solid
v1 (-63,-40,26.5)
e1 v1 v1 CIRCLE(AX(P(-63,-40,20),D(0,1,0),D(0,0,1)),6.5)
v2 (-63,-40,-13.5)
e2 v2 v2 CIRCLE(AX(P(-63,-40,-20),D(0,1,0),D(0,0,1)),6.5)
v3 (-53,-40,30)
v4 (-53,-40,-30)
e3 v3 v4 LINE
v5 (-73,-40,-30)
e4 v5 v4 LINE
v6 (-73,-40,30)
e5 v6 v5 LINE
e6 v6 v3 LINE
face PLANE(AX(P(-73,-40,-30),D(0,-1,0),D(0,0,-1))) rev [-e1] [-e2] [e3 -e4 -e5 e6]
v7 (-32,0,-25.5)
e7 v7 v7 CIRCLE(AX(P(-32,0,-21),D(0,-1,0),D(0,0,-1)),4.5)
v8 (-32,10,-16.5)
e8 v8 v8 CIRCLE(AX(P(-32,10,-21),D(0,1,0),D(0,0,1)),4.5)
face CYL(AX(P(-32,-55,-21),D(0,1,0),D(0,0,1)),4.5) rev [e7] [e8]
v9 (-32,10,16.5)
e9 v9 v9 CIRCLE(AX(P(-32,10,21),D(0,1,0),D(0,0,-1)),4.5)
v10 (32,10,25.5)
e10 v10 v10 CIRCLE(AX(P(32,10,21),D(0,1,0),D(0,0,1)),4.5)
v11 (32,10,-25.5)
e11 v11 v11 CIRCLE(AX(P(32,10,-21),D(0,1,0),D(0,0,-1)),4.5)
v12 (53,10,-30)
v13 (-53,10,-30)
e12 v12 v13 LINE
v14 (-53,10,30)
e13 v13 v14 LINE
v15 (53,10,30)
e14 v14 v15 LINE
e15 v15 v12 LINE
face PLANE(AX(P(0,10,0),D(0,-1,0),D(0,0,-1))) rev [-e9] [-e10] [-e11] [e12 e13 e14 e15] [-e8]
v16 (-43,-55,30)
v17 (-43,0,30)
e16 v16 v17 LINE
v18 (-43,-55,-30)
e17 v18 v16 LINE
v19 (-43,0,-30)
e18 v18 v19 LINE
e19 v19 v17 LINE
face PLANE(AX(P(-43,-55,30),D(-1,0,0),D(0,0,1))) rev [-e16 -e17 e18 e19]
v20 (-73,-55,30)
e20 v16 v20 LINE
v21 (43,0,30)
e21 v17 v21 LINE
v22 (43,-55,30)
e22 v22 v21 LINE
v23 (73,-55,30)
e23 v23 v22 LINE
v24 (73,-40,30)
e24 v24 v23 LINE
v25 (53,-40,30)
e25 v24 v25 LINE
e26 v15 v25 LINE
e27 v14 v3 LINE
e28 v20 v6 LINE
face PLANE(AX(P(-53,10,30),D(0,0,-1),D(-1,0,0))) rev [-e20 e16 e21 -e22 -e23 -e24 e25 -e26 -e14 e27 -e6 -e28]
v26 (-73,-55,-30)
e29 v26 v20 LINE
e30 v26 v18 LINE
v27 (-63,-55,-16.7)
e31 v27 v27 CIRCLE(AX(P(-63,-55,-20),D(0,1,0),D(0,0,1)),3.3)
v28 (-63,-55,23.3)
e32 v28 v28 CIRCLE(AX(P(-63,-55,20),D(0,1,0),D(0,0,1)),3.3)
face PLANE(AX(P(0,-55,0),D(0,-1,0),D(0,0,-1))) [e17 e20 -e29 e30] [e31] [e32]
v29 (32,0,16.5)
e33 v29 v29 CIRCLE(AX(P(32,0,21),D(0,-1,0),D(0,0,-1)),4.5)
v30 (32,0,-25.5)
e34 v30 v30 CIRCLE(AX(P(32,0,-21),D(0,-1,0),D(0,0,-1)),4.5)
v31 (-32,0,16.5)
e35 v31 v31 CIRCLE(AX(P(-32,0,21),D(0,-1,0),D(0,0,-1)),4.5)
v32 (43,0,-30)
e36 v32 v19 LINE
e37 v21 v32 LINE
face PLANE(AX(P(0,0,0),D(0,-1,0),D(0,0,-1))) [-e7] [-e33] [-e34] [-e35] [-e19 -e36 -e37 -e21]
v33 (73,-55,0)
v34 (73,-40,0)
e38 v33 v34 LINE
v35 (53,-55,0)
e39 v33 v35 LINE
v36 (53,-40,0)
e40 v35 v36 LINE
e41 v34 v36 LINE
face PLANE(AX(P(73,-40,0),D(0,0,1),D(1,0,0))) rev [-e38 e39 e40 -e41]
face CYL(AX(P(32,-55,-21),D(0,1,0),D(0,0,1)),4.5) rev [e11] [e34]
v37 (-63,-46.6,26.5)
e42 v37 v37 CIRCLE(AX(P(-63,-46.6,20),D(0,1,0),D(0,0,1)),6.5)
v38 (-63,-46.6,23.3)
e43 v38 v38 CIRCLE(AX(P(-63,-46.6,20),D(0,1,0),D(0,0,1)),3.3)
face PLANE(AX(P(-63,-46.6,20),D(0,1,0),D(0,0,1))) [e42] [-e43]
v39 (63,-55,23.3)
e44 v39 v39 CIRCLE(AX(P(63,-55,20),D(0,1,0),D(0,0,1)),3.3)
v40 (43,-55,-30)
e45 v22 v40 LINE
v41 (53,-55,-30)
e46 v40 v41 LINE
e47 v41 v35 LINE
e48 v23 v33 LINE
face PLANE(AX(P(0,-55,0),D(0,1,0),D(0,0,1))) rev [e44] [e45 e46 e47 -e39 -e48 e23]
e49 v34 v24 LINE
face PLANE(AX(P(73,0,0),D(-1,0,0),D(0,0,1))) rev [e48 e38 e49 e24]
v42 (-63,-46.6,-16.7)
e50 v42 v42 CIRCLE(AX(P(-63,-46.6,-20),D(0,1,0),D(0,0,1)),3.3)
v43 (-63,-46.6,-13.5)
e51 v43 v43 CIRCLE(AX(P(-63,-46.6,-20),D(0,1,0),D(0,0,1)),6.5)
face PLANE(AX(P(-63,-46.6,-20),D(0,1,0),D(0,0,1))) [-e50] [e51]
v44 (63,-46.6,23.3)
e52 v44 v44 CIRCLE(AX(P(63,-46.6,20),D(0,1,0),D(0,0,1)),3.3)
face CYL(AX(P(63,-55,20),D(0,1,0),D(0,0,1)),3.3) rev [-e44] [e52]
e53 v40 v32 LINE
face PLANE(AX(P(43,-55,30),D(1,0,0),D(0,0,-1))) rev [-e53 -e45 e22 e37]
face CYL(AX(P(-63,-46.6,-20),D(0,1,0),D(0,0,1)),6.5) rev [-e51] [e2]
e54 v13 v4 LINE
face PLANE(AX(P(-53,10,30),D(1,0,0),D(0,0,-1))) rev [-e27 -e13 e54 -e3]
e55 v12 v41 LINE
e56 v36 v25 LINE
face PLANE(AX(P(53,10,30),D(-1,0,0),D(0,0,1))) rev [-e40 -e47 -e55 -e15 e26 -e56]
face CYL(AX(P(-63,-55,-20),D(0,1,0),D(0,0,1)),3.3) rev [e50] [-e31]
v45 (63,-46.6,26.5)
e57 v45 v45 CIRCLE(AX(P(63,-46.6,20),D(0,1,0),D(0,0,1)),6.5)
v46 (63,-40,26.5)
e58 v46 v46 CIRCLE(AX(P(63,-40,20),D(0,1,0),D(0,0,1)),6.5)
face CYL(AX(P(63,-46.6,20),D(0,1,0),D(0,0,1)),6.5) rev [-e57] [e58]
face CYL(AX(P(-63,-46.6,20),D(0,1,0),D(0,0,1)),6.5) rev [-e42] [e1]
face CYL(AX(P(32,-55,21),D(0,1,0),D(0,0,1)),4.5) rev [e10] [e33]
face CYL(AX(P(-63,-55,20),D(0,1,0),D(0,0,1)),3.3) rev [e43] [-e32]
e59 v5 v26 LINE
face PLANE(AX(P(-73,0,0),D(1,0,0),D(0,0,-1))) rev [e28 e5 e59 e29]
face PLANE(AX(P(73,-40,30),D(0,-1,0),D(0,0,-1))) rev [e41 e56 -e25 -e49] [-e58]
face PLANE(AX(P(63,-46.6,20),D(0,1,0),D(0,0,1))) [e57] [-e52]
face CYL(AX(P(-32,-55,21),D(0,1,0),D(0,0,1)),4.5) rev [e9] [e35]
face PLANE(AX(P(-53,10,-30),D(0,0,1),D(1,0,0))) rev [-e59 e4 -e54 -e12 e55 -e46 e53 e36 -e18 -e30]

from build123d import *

# Parameters (mm, degrees)
SKETCH1_W           = 106
SKETCH1_H           = 60
BOSS_EXTRUDE1_DEPTH = 10
SKETCH2_W           = 10
SKETCH2_H           = 60
BOSS_EXTRUDE2_DEPTH = 55
SKETCH3_W           = 30
SKETCH3_H           = 15
BOSS_EXTRUDE3_DEPTH = 20
SKETCH4_W           = 60
SKETCH4_H           = 15
BOSS_EXTRUDE4_DEPTH = 20
SKETCH5_R           = 4.5
CUT_EXTRUDE1_DEPTH  = 66
SKETCH6_R           = 6.5
CUT_EXTRUDE2_DEPTH  = 6.6
SKETCH7_R           = 3.3
CUT_EXTRUDE3_DEPTH  = 9.4


with BuildPart() as part:
    # Sketch1 → Boss-Extrude1 (new body)
    with BuildSketch(Plane(origin=(0, 0, 0), x_dir=(1, 0, 0), z_dir=(0, 1, 0))):
        Rectangle(SKETCH1_W, SKETCH1_H)
    extrude(amount=BOSS_EXTRUDE1_DEPTH)

    # Sketch2 → Boss-Extrude2 (add)
    with BuildSketch(Plane.XZ):
        with Locations((-48, 0)):
            Rectangle(SKETCH2_W, SKETCH2_H)
        with Locations((48, 0)):
            Rectangle(SKETCH2_W, SKETCH2_H)
    extrude(amount=BOSS_EXTRUDE2_DEPTH)

    # Sketch3 → Boss-Extrude3 (add)
    with BuildSketch(Plane(origin=(53, 0, 0), x_dir=(0, 0, -1), z_dir=(1, 0, 0))):
        with Locations((-15, -47.5)):
            Rectangle(SKETCH3_W, SKETCH3_H)
    extrude(amount=BOSS_EXTRUDE3_DEPTH)

    # Sketch4 → Boss-Extrude4 (add)
    with BuildSketch(Plane.ZY.offset(53)):
        with Locations((0, -47.5)):
            Rectangle(SKETCH4_W, SKETCH4_H)
    extrude(amount=BOSS_EXTRUDE4_DEPTH)

    # Sketch5 → Cut-Extrude1 (cut, through all)
    with BuildSketch(Plane(origin=(0, 10, 0), x_dir=(1, 0, 0), z_dir=(0, 1, 0))):
        with Locations((-32, 21)):
            Circle(SKETCH5_R)
        with Locations((32, 21)):
            Circle(SKETCH5_R)
        with Locations((32, -21)):
            Circle(SKETCH5_R)
        with Locations((-32, -21)):
            Circle(SKETCH5_R)
    extrude(amount=-CUT_EXTRUDE1_DEPTH, mode=Mode.SUBTRACT)

    # Sketch6 → Cut-Extrude2 (cut)
    with BuildSketch(Plane(origin=(0, -40, 0), x_dir=(1, 0, 0), z_dir=(0, 1, 0))):
        with Locations((63, -20)):
            Circle(SKETCH6_R)
        with Locations((-63, 20)):
            Circle(SKETCH6_R)
        with Locations((-63, -20)):
            Circle(SKETCH6_R)
    extrude(amount=-CUT_EXTRUDE2_DEPTH, mode=Mode.SUBTRACT)

    # Sketch7 → Cut-Extrude3 (cut, through all)
    with BuildSketch(Plane(origin=(0, -46.6, 0), x_dir=(1, 0, 0), z_dir=(0, 1, 0))):
        with Locations((-63, 20)):
            Circle(SKETCH7_R)
        with Locations((-63, -20)):
            Circle(SKETCH7_R)
        with Locations((63, -20)):
            Circle(SKETCH7_R)
    extrude(amount=-CUT_EXTRUDE3_DEPTH, mode=Mode.SUBTRACT)


solid = part.part
